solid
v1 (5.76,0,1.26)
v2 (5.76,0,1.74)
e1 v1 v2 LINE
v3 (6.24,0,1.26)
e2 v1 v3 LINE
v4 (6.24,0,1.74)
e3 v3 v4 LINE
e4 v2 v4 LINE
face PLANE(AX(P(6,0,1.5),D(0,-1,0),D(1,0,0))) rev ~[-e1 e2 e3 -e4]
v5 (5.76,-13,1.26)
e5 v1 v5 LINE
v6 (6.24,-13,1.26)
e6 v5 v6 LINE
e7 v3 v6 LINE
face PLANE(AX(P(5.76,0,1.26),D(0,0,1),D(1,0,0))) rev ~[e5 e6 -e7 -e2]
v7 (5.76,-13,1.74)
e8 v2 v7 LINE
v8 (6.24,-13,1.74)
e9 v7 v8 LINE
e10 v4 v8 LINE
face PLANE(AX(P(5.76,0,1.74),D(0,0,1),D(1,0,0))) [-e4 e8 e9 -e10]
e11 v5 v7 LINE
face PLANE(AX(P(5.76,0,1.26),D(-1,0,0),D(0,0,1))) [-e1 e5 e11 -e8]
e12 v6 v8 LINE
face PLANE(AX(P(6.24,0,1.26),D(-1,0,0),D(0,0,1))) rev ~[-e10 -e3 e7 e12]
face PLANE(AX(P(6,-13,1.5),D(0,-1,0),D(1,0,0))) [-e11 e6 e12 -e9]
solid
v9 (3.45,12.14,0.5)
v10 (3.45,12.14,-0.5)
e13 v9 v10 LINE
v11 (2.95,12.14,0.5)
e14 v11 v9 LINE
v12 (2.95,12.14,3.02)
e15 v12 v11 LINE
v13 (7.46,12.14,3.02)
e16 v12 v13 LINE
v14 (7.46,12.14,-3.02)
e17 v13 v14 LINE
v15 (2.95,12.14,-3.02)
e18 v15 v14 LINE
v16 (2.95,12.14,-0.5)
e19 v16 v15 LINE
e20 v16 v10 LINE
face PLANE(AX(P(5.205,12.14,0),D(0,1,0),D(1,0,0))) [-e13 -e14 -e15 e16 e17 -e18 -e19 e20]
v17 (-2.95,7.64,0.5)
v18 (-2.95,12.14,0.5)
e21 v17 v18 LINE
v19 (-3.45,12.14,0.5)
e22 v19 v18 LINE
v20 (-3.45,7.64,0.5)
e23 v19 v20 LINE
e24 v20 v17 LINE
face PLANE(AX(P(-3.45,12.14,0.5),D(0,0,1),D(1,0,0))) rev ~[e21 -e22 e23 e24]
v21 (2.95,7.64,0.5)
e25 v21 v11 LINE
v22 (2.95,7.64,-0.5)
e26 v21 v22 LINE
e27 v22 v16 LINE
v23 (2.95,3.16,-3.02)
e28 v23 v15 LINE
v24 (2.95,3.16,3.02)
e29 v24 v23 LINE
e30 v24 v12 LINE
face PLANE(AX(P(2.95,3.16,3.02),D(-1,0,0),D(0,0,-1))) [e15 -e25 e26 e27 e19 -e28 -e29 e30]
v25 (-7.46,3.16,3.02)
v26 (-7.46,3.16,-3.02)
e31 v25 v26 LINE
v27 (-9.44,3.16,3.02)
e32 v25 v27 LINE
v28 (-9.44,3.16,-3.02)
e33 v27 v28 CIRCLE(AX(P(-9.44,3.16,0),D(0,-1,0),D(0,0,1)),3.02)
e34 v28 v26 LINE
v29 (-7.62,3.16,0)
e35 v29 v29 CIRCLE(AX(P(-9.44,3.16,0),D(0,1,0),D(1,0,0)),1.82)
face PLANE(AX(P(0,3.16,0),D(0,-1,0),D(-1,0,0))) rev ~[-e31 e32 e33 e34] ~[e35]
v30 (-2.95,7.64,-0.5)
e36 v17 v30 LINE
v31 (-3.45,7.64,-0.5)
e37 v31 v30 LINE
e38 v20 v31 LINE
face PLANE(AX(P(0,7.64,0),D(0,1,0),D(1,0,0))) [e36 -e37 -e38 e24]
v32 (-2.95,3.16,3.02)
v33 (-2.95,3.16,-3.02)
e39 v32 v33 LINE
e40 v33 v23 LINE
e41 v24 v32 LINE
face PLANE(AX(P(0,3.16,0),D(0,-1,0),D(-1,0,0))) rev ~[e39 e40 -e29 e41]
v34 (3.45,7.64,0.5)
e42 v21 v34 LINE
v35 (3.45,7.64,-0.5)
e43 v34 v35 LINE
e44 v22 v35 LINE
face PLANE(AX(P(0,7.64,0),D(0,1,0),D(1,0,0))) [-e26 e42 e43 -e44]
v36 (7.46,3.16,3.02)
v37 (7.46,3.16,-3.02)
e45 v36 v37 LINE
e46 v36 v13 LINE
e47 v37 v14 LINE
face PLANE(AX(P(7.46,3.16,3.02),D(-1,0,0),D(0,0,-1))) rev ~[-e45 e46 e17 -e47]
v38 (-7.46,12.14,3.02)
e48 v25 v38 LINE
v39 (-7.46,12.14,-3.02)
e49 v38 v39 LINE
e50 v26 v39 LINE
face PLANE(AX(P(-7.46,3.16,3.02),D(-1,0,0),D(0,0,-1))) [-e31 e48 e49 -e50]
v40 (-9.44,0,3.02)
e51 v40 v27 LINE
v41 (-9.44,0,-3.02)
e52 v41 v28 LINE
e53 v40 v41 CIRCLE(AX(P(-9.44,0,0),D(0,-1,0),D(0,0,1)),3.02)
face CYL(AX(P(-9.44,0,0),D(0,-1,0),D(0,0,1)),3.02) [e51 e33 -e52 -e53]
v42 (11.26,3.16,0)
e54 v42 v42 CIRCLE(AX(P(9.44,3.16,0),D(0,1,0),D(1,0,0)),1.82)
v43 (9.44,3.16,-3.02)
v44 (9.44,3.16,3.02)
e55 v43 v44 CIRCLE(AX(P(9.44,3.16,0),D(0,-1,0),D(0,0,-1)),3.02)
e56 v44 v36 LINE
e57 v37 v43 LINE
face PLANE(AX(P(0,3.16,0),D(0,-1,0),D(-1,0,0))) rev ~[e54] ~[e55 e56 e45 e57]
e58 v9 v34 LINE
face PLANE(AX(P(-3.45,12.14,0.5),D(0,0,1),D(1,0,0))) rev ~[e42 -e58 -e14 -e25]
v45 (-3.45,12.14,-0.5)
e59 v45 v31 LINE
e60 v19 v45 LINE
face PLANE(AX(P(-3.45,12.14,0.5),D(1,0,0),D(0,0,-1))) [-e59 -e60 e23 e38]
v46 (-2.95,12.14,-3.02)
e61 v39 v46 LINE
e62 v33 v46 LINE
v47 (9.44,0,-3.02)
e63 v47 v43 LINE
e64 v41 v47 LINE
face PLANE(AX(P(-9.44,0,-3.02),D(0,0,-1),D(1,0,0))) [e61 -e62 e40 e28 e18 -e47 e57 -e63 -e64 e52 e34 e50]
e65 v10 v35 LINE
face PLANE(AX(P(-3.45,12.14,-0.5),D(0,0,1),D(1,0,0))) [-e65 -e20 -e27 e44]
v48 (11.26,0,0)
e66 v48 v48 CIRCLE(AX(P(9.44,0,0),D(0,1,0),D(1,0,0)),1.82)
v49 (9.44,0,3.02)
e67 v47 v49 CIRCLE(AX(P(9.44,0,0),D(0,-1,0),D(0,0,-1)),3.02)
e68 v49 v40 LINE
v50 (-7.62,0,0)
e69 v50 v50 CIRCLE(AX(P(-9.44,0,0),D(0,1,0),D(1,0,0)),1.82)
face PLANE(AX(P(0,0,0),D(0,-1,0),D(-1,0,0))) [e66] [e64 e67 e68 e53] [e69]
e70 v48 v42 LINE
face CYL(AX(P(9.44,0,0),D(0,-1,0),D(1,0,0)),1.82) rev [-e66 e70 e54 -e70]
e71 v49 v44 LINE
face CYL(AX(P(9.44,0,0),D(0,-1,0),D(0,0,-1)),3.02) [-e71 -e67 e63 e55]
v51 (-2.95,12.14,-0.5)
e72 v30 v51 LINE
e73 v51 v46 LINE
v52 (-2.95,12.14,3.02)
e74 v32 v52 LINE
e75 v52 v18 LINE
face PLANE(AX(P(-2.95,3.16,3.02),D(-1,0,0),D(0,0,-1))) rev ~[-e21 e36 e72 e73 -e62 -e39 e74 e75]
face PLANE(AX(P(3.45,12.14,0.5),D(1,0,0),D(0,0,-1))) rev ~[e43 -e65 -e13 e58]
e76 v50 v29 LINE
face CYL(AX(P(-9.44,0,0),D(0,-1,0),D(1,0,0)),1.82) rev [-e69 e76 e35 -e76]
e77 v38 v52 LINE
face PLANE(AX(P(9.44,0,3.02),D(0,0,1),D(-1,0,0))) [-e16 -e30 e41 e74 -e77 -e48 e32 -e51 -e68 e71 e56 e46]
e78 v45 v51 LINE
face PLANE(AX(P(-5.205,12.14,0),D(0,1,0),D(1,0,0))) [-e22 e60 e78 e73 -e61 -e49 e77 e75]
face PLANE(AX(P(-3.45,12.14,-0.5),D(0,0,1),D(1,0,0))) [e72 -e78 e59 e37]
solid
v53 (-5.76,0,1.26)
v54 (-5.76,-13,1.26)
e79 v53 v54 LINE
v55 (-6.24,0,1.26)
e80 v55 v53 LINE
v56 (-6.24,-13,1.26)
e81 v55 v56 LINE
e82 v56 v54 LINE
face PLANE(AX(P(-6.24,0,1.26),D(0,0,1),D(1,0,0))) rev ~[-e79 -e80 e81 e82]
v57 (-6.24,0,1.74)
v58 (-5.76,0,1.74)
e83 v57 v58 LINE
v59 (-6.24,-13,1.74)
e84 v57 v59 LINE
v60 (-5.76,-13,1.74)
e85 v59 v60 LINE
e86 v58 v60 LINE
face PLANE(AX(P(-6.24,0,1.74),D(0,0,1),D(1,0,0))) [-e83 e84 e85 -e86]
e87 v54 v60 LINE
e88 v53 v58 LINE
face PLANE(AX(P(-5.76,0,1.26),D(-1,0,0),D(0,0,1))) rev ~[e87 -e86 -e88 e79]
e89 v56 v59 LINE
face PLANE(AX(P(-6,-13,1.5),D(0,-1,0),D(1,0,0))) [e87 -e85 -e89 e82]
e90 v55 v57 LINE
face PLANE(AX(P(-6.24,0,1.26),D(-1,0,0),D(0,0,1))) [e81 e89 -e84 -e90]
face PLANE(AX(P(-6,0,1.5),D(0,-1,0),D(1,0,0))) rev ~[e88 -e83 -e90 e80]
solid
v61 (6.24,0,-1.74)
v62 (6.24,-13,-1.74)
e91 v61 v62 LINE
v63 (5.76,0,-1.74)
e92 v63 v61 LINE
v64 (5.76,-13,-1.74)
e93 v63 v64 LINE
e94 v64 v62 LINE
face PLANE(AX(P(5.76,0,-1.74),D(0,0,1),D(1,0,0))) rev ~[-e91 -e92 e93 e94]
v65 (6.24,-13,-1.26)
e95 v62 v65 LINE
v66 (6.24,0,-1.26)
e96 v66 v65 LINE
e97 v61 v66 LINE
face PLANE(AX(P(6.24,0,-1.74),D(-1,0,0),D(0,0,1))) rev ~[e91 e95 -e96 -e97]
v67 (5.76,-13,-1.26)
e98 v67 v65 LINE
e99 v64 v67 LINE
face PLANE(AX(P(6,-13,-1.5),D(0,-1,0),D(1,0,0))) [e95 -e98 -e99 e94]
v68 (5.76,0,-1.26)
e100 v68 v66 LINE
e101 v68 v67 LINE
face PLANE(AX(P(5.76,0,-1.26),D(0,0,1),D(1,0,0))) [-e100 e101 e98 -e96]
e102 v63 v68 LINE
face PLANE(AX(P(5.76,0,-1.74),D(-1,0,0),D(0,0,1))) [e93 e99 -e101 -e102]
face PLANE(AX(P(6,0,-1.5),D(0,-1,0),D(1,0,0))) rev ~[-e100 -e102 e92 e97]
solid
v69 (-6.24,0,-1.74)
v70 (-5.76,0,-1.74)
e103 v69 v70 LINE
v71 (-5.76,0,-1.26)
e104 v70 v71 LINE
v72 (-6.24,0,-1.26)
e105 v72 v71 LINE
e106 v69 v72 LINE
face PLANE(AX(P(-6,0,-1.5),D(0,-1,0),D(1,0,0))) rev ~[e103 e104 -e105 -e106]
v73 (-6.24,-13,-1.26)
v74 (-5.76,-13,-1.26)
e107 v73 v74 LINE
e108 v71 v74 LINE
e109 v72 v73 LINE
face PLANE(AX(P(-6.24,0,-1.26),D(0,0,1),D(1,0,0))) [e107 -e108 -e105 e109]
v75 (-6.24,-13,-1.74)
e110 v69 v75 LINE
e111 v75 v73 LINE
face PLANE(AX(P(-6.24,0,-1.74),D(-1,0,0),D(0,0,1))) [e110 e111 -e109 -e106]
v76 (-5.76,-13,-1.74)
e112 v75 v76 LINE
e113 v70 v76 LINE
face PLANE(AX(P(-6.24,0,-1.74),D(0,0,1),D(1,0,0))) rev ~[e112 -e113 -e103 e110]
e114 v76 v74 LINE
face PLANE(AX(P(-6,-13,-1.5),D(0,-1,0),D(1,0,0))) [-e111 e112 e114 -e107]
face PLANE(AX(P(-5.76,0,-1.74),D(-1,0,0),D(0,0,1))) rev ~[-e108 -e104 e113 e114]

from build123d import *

# Parameters (mm, degrees)
CROQUIS1_R                = 1.82
SALIENTE_EXTRUIR1_DEPTH   = 3.16
CROQUIS2_W                = 4.51
CROQUIS2_H                = 6.04
SALIENTE_EXTRUIR2_DEPTH   = 8.98
CROQUIS3_W                = 0.48
CROQUIS3_H                = 0.48
SALIENTE_EXTRUIR3_DEPTH   = 13
SALIENTE_EXTRUIR3_2_DEPTH = 13
SALIENTE_EXTRUIR3_3_DEPTH = 13
SALIENTE_EXTRUIR3_4_DEPTH = 13
CROQUIS4_W                = 6.9
CROQUIS4_H                = 1
CORTAR_EXTRUIR1_DEPTH     = 4.5


with BuildPart() as part:
    # Croquis1 → Saliente-Extruir1 (new body)
    with BuildSketch(Plane(origin=(0, 0, 0), x_dir=(1, 0, 0), z_dir=(0, 1, 0))):
        with BuildLine():
            Line((-9.44, 3.02), (9.44, 3.02))
            ThreePointArc((9.44, 3.02), (12.46, 0), (9.44, -3.02))
            Line((9.44, -3.02), (-9.44, -3.02))
            ThreePointArc((-9.44, -3.02), (-12.46, 0), (-9.44, 3.02))
        make_face()
        with Locations((-9.44, 0)):
            Circle(CROQUIS1_R, mode=Mode.SUBTRACT)
        with Locations((9.44, 0)):
            Circle(CROQUIS1_R, mode=Mode.SUBTRACT)
    extrude(amount=SALIENTE_EXTRUIR1_DEPTH)

    # Croquis2 → Saliente-Extruir2 (add)
    with BuildSketch(Plane(origin=(0, 3.16, 0), x_dir=(1, 0, 0), z_dir=(0, 1, 0))):
        with Locations((5.205, 0)):
            Rectangle(CROQUIS2_W, CROQUIS2_H)
        with Locations((-5.205, 0)):
            Rectangle(CROQUIS2_W, CROQUIS2_H)
    extrude(amount=SALIENTE_EXTRUIR2_DEPTH)

    # Croquis4 → Cortar-Extruir1 (cut)
    with BuildSketch(Plane(origin=(0, 12.14, 0), x_dir=(1, 0, 0), z_dir=(0, 1, 0))):
        Rectangle(CROQUIS4_W, CROQUIS4_H)
    extrude(amount=-CORTAR_EXTRUIR1_DEPTH, mode=Mode.SUBTRACT)


with BuildPart() as body_2:
    # Croquis3 → Saliente-Extruir3 (new body)
    with BuildSketch(Plane.XZ):
        with Locations((6, 1.5)):
            Rectangle(CROQUIS3_W, CROQUIS3_H)
    extrude(amount=SALIENTE_EXTRUIR3_DEPTH)


with BuildPart() as body_3:
    # Croquis3 → Saliente-Extruir3 2 (new body)
    with BuildSketch(Plane.XZ):
        with Locations((-6, 1.5)):
            Rectangle(CROQUIS3_W, CROQUIS3_H)
    extrude(amount=SALIENTE_EXTRUIR3_2_DEPTH)


with BuildPart() as body_4:
    # Croquis3 → Saliente-Extruir3 3 (new body)
    with BuildSketch(Plane.XZ):
        with Locations((6, -1.5)):
            Rectangle(CROQUIS3_W, CROQUIS3_H)
    extrude(amount=SALIENTE_EXTRUIR3_3_DEPTH)


with BuildPart() as body_5:
    # Croquis3 → Saliente-Extruir3 4 (new body)
    with BuildSketch(Plane.XZ):
        with Locations((-6, -1.5)):
            Rectangle(CROQUIS3_W, CROQUIS3_H)
    extrude(amount=SALIENTE_EXTRUIR3_4_DEPTH)


solid = Compound([part.part, body_2.part, body_3.part, body_4.part, body_5.part])
